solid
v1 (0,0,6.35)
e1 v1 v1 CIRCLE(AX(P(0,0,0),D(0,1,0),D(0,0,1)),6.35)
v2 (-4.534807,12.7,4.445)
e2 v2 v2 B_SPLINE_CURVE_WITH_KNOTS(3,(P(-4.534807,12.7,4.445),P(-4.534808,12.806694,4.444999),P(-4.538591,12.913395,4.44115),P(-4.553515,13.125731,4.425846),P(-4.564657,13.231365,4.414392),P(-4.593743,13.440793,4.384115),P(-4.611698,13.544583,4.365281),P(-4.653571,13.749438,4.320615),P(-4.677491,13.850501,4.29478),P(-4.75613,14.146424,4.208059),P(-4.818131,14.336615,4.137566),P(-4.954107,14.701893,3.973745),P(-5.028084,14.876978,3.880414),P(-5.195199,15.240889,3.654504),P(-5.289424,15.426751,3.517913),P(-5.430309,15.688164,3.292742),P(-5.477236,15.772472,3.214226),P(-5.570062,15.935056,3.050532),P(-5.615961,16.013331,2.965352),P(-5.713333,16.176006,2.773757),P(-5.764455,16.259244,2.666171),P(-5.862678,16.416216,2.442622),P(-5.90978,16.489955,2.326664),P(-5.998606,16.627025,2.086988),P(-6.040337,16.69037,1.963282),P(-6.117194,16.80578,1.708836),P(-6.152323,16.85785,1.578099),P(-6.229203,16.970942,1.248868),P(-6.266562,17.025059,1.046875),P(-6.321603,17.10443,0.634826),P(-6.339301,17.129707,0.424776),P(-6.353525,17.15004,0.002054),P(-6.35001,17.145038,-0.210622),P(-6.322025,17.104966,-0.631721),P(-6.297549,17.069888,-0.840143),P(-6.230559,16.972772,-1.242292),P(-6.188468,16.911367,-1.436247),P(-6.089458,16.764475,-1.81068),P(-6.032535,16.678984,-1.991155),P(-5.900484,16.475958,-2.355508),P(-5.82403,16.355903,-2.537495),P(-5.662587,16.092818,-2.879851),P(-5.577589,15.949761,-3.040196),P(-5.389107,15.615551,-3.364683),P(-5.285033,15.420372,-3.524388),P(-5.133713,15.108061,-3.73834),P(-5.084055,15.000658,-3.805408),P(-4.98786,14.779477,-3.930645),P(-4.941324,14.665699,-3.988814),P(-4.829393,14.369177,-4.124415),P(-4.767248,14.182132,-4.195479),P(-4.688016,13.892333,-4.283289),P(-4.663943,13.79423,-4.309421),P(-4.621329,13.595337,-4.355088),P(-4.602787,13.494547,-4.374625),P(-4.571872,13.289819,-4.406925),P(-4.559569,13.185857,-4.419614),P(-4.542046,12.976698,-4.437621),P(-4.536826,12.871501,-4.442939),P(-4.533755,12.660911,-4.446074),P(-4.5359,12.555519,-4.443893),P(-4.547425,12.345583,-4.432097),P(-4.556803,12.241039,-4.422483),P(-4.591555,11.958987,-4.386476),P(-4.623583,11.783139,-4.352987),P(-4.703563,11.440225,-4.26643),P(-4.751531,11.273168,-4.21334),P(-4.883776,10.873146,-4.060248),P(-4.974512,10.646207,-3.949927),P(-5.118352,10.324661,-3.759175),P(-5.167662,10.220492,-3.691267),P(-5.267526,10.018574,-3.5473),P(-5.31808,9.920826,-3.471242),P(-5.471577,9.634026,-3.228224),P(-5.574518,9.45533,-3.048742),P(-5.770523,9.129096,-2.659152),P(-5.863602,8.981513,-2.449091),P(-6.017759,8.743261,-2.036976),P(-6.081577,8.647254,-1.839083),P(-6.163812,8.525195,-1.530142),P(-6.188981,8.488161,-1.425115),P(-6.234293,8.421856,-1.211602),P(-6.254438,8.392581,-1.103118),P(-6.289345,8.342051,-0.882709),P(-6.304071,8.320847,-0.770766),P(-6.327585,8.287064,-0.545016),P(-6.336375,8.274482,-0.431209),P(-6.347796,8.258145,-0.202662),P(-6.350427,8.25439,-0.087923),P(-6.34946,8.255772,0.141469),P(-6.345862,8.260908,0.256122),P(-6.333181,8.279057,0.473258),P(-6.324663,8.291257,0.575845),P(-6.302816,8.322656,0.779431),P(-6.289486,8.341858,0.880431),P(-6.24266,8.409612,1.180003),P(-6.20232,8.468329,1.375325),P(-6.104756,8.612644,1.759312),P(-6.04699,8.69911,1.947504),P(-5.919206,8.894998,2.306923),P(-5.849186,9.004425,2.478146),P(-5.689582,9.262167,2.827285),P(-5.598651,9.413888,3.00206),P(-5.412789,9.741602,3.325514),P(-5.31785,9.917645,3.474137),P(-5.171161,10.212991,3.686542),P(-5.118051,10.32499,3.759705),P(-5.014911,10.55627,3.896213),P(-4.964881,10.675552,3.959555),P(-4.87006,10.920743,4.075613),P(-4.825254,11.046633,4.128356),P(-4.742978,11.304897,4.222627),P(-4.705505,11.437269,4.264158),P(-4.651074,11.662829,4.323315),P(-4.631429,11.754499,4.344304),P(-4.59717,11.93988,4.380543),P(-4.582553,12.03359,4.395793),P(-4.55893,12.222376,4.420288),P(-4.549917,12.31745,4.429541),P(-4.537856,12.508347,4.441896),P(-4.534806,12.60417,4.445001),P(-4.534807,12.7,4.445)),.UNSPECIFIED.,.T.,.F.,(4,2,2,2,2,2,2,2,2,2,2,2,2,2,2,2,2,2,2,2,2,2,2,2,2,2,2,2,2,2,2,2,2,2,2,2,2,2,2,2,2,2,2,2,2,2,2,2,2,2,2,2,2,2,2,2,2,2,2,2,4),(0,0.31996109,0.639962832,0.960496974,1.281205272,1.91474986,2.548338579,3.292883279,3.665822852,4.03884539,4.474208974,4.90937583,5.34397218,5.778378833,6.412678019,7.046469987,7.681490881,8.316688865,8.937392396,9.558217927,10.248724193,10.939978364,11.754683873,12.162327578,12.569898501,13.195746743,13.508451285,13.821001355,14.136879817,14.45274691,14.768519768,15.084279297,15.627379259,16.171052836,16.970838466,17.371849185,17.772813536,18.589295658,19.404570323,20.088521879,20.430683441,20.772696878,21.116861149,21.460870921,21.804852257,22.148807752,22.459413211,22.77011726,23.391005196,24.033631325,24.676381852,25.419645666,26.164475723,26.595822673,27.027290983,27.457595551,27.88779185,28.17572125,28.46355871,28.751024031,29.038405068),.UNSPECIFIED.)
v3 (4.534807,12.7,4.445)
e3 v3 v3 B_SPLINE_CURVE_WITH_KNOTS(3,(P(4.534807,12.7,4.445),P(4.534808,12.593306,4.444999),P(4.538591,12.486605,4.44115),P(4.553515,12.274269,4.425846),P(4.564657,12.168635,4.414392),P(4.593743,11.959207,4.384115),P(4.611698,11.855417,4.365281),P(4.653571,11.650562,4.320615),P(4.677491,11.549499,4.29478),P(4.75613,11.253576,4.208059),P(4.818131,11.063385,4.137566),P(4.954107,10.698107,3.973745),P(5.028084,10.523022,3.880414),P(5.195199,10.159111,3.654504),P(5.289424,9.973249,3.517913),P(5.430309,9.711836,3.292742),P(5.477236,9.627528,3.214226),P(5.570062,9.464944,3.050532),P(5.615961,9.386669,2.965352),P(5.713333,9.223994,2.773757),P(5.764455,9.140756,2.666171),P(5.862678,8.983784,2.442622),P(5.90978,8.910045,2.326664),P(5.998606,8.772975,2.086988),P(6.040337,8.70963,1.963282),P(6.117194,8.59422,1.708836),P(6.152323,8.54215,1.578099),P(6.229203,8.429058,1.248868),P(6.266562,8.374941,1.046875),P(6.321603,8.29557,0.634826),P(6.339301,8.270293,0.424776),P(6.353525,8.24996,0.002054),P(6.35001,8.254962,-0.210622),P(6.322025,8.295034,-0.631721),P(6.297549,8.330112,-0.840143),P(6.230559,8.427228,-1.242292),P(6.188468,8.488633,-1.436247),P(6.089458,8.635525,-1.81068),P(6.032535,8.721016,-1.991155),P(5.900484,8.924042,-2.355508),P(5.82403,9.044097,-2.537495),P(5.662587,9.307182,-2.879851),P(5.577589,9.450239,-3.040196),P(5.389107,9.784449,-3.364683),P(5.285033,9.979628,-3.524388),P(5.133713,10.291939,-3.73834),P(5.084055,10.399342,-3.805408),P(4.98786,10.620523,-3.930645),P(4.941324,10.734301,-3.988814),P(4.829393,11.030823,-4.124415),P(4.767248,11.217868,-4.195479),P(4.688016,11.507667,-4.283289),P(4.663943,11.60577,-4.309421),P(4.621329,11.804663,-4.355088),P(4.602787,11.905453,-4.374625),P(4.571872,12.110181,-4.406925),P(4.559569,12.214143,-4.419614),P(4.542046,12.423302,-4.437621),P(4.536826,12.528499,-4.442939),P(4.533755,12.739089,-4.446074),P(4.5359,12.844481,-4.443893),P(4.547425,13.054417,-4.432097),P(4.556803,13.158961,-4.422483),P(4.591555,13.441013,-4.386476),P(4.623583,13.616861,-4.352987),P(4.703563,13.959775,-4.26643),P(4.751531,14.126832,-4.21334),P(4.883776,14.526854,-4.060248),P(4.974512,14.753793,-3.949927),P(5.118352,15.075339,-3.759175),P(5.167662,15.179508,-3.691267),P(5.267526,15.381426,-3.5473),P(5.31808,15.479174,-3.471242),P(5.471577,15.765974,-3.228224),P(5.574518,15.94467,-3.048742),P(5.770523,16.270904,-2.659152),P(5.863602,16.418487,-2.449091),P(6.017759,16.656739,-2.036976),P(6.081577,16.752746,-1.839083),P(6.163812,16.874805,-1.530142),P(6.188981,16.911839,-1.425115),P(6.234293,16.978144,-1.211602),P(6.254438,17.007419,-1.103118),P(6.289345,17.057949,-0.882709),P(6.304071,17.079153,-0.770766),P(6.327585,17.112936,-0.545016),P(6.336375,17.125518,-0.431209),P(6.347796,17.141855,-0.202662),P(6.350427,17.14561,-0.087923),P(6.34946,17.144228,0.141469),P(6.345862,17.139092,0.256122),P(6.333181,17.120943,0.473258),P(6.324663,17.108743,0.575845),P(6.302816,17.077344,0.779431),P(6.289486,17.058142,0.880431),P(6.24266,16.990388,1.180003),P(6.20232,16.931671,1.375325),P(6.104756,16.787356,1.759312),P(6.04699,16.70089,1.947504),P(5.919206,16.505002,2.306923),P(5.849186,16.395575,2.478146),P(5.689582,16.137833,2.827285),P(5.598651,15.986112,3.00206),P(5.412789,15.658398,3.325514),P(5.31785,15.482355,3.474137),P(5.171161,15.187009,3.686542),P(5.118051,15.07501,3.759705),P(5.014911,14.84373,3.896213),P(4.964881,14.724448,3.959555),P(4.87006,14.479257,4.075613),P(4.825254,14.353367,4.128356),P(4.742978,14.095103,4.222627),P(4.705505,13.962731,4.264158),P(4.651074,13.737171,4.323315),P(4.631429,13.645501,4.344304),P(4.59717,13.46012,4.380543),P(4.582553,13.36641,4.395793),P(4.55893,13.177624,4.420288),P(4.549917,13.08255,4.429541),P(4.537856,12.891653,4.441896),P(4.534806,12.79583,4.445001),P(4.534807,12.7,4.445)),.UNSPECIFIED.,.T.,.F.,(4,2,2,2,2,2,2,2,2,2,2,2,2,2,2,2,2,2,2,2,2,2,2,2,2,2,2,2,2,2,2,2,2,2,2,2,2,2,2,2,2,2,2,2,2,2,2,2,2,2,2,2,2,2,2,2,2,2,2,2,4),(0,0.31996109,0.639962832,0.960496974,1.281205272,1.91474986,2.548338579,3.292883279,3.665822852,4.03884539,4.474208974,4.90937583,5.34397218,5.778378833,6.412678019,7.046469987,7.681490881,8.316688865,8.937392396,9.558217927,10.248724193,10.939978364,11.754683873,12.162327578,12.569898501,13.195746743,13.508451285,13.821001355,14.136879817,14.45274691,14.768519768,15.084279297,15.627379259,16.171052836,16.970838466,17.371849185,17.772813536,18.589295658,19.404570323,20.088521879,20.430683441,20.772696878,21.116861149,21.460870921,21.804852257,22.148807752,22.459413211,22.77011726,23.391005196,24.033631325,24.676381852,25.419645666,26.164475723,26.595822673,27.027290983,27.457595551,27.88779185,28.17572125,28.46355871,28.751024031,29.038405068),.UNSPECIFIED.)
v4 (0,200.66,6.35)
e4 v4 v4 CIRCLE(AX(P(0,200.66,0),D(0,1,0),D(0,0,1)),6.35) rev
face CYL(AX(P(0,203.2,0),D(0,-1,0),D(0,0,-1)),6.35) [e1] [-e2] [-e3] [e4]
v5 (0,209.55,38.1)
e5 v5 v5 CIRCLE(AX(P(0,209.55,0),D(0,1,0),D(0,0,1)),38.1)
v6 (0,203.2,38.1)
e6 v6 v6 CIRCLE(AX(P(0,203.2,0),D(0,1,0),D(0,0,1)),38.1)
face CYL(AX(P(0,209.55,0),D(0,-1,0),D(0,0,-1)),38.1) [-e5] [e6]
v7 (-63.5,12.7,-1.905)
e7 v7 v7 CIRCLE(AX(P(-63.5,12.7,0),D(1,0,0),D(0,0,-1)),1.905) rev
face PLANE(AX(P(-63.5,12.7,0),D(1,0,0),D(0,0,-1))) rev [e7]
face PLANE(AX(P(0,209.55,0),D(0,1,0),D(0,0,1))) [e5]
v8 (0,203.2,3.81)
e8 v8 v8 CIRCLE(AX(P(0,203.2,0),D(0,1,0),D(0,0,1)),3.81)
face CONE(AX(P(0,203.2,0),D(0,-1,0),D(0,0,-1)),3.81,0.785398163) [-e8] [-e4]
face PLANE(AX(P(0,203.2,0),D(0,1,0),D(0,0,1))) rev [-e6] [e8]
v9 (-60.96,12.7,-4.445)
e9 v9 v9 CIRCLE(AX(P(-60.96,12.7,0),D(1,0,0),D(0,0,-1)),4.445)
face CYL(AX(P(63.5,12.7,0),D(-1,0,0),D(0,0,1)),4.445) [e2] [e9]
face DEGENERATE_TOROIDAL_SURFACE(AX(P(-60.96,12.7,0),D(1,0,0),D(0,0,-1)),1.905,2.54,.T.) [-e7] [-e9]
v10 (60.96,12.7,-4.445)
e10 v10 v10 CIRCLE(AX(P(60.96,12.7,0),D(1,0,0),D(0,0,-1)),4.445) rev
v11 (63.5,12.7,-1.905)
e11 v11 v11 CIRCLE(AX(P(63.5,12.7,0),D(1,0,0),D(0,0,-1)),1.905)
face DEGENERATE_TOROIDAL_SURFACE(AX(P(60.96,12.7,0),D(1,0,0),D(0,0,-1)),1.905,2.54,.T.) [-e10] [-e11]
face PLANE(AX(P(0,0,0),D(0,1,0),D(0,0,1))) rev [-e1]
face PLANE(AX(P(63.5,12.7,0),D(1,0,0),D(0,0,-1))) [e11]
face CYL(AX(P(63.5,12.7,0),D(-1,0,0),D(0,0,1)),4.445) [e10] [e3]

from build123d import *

# Parameters (mm, degrees)
SKETCH1_R           = 6.35
BOSS_EXTRUDE1_DEPTH = 203.2
CHAMFER1_SIZE       = 2.54
SKETCH3_R           = 38.1
BOSS_EXTRUDE2_DEPTH = 6.35
SKETCH4_R           = 4.445
BOSS_EXTRUDE3_DEPTH = 63.5
FILLET2_R           = 2.54


with BuildPart() as part:
    # Sketch1 → Boss-Extrude1 (new body)
    with BuildSketch(Plane(origin=(0, 0, 0), x_dir=(1, 0, 0), z_dir=(0, 1, 0))):
        with Locations(Location((0, 0, 0), (0, 0, 270))):
            Circle(SKETCH1_R)
    extrude(amount=BOSS_EXTRUDE1_DEPTH)

    # Chamfer1
    chamfer1_edges = [part.edges().sort_by_distance(p)[0] for p in [
        (0, 203.2, -6.35),
    ]]
    chamfer(chamfer1_edges, length=CHAMFER1_SIZE)

    # Sketch3 → Boss-Extrude2 (add)
    with BuildSketch(Plane(origin=(0, 203.2, 0), x_dir=(1, 0, 0), z_dir=(0, 1, 0))):
        with Locations(Location((0, 0, 0), (0, 0, 270))):
            Circle(SKETCH3_R)
    extrude(amount=BOSS_EXTRUDE2_DEPTH)

    # Sketch4 → Boss-Extrude3 (add, symmetric)
    with BuildSketch(Plane(origin=(0, 0, 0), x_dir=(0, 0, -1), z_dir=(1, 0, 0))):
        with Locations(Location((0, 12.7, 0), (0, 0, 180))):
            Circle(SKETCH4_R)
    extrude(amount=BOSS_EXTRUDE3_DEPTH, both=True)

    # Fillet2
    fillet2_edges = [part.edges().sort_by_distance(p)[0] for p in [
        (-63.5, 12.7, -4.445),
        (63.5, 12.7, -4.445),
    ]]
    fillet(fillet2_edges, radius=FILLET2_R)


solid = part.part
